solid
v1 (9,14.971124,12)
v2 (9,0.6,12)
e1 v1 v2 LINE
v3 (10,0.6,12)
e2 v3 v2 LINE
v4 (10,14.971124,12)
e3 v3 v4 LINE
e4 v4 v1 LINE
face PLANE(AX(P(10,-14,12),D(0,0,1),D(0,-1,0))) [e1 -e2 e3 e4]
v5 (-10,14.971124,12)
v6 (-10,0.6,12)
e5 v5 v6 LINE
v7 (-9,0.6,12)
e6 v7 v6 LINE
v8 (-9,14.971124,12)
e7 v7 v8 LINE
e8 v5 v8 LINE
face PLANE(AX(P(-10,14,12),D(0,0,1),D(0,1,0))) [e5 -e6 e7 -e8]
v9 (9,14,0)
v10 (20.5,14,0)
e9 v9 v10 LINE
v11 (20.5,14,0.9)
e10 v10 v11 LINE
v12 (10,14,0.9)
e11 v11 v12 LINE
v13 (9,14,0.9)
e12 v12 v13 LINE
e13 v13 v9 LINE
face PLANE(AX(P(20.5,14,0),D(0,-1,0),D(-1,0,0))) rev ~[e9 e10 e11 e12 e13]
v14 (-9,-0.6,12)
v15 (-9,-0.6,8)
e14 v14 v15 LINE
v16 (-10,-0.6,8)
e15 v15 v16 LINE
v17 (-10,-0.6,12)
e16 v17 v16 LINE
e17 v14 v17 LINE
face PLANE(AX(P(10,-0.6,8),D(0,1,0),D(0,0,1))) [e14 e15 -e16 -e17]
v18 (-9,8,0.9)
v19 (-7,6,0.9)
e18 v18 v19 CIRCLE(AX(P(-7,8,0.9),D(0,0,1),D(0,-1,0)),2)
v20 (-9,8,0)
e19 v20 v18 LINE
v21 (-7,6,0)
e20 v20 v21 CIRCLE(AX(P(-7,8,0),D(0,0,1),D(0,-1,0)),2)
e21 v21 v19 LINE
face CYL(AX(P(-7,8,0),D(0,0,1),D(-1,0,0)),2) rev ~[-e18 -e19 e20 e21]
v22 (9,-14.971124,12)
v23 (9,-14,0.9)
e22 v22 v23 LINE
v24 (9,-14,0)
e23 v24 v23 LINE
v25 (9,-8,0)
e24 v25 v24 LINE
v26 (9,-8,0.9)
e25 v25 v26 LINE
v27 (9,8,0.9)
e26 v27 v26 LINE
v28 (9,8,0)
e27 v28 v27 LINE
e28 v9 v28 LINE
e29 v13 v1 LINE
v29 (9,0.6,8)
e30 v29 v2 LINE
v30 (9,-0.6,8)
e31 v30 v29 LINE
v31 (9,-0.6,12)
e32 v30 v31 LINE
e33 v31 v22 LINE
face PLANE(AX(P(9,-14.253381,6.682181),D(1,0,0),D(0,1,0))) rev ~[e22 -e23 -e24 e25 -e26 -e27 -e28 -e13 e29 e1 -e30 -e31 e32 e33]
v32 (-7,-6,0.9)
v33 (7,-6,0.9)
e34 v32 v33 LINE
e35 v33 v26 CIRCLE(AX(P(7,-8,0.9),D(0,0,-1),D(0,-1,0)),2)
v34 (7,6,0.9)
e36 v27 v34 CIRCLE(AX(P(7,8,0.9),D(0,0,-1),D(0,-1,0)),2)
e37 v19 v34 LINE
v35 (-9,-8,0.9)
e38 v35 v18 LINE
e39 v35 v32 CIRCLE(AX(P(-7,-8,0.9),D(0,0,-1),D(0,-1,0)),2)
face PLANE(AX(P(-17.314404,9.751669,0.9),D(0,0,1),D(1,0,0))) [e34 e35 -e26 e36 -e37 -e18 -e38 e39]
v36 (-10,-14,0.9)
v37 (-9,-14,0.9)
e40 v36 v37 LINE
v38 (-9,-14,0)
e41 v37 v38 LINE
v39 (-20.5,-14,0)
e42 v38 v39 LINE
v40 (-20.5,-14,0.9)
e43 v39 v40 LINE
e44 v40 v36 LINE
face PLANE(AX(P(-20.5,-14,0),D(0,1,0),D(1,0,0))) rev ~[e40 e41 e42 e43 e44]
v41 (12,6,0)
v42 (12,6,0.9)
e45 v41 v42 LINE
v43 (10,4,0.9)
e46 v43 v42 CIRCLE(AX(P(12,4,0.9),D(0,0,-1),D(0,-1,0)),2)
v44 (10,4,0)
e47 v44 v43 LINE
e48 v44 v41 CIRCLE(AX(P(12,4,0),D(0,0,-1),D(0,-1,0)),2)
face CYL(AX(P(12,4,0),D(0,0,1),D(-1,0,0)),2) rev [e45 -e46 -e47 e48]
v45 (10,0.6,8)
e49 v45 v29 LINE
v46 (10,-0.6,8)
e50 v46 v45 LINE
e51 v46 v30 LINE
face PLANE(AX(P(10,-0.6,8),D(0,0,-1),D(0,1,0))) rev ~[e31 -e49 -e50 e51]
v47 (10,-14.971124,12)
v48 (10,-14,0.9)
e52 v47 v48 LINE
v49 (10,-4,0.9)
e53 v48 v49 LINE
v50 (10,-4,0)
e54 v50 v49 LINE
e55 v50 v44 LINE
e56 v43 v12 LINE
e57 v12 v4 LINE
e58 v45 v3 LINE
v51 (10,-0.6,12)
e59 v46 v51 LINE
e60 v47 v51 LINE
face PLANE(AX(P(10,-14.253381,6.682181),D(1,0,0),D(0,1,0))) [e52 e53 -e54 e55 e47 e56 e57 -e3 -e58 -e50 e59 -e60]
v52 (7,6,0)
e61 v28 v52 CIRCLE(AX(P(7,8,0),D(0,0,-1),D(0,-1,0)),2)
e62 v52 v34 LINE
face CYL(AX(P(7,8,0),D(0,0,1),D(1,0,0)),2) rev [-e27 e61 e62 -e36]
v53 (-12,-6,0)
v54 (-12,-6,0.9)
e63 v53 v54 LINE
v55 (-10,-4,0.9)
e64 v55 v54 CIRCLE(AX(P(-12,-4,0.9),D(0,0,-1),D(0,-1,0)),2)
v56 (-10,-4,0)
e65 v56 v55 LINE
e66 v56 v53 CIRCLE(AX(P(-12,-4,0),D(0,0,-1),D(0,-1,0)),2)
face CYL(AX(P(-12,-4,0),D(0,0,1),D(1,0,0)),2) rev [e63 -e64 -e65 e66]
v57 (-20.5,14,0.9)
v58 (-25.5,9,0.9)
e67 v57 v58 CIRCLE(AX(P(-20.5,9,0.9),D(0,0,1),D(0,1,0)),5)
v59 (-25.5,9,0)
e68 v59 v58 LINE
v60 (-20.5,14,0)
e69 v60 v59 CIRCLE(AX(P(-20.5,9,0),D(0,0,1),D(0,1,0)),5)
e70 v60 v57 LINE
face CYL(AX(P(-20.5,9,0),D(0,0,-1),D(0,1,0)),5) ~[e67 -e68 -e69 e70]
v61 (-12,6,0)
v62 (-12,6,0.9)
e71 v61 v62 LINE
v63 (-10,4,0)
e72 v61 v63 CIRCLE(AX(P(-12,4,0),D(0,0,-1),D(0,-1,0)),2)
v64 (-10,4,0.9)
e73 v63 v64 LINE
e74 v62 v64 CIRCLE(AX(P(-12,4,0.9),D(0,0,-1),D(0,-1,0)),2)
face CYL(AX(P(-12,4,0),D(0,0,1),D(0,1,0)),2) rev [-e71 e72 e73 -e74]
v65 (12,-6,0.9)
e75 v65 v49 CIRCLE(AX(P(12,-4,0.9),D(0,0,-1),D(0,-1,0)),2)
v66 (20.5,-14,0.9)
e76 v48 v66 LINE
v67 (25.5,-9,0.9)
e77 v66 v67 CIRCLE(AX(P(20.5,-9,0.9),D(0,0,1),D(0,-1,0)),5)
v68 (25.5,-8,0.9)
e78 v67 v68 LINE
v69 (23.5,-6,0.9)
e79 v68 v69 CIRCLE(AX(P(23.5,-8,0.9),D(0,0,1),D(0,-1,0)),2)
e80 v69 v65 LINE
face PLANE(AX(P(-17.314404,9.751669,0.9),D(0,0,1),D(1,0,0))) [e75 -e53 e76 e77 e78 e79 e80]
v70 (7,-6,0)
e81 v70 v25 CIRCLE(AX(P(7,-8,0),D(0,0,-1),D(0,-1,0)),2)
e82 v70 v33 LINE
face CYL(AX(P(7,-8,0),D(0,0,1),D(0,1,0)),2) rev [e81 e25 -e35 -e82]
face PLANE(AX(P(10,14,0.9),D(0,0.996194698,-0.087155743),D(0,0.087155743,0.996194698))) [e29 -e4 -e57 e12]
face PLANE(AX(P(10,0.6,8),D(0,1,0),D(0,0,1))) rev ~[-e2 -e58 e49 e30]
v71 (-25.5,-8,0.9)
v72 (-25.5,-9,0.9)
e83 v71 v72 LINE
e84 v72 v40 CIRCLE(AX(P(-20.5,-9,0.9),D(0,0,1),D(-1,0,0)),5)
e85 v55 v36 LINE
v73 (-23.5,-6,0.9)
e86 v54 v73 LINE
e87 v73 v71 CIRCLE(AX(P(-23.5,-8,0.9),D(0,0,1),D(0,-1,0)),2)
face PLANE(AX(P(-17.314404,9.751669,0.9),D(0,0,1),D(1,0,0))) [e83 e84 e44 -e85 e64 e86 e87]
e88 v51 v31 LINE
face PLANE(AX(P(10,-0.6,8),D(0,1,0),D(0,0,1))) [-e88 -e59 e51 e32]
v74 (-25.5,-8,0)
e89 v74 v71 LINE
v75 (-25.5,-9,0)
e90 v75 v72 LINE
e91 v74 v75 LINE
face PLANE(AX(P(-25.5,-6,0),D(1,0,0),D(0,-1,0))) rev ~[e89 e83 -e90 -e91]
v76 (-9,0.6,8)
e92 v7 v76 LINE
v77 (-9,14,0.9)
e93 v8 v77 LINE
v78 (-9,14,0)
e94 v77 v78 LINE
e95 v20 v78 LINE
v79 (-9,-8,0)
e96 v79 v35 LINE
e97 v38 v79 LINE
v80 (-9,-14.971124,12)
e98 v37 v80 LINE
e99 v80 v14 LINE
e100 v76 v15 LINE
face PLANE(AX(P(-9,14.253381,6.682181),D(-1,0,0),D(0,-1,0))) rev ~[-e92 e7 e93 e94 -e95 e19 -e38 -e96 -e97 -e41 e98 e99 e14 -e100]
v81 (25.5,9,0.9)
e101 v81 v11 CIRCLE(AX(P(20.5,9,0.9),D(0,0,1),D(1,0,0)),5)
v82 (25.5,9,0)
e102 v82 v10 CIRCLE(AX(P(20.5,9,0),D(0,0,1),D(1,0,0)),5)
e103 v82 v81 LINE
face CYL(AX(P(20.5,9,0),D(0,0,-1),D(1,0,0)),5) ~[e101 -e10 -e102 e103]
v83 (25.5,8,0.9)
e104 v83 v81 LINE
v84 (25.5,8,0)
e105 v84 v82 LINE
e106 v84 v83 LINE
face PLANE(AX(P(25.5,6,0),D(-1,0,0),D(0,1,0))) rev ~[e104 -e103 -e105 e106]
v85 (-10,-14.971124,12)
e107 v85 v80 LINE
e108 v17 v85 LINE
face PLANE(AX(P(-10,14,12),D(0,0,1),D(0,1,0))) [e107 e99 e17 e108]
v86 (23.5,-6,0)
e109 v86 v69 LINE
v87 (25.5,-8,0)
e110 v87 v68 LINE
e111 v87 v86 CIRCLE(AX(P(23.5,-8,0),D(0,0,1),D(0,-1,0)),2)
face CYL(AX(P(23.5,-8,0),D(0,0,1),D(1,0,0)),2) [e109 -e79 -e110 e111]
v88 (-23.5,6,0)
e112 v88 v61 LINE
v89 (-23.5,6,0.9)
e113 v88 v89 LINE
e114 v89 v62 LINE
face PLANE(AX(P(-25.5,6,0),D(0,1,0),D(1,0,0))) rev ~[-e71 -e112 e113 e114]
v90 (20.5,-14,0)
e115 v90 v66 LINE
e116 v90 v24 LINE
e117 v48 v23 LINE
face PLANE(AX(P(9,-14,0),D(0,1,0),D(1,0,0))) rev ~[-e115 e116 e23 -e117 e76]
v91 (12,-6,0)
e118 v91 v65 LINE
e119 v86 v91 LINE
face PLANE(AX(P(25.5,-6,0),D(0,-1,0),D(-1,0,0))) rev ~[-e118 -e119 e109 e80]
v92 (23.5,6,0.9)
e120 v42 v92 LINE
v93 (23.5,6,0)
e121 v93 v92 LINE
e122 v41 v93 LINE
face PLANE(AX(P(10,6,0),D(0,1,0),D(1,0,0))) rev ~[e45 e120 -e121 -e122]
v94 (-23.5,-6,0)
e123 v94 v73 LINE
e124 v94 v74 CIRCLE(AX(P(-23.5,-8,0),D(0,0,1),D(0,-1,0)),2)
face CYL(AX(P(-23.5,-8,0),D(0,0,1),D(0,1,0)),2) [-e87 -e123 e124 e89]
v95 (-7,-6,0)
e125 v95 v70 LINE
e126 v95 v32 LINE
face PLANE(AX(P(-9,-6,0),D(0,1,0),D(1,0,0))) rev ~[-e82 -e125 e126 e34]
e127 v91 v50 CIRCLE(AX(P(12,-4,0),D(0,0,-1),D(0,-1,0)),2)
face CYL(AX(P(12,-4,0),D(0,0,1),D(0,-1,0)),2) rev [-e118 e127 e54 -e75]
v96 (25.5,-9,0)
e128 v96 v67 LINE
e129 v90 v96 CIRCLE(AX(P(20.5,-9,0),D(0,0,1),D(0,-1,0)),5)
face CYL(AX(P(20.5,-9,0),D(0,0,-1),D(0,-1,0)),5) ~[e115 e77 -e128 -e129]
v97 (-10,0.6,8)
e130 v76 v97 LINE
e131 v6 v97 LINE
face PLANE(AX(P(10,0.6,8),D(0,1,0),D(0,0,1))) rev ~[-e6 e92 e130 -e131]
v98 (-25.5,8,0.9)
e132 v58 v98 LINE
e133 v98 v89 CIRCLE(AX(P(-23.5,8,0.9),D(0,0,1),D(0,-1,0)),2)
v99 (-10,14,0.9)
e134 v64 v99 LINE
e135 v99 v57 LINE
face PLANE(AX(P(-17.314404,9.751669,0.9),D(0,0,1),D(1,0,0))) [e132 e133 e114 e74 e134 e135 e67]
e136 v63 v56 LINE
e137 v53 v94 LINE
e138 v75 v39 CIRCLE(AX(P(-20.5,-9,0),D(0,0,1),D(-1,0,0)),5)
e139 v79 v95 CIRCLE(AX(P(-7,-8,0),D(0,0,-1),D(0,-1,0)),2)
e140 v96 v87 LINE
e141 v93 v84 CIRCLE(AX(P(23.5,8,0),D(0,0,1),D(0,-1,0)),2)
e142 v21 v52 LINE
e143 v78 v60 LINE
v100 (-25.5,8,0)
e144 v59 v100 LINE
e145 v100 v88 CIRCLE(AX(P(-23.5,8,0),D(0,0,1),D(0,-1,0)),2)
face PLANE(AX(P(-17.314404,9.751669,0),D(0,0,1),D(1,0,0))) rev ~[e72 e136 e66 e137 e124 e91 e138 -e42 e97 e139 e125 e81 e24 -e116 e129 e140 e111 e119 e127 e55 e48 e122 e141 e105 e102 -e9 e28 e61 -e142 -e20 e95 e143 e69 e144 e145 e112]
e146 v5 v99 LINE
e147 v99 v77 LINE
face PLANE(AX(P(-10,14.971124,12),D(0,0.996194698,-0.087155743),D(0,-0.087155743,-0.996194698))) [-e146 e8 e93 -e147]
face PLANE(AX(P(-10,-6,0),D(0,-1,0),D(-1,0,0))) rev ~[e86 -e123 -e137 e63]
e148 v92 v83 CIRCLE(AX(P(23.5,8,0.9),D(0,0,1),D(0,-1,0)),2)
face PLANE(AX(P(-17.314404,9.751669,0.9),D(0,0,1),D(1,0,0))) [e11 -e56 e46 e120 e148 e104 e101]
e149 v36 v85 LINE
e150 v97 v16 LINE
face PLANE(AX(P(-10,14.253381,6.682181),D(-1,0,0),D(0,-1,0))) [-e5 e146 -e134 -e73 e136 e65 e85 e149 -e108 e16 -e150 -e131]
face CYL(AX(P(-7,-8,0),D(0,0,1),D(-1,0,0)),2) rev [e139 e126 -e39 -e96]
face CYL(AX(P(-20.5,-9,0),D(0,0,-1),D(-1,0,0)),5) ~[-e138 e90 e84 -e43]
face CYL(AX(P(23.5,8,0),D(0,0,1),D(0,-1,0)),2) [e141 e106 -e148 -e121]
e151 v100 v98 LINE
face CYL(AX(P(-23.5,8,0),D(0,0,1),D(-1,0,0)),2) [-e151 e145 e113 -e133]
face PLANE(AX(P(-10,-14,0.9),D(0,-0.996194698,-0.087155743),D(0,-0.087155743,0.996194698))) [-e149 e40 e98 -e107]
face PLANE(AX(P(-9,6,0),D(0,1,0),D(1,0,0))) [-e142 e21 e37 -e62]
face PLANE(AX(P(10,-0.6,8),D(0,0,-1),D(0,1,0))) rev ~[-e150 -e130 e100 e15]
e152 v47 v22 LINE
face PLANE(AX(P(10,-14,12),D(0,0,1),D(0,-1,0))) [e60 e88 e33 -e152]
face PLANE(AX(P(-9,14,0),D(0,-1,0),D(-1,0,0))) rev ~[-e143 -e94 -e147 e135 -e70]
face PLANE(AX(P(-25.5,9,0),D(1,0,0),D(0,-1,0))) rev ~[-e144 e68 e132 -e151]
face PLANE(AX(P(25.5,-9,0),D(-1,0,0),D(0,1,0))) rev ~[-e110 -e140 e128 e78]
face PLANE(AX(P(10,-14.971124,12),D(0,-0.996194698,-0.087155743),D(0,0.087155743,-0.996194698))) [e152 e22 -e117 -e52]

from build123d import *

# Parameters (mm, degrees)
F0_W     = 1
F0_H     = 8
F0_H_2   = 12
F0_W_2   = 18
F1_DEPTH = 0.9
F2_DEPTH = 12
F3_R     = 2
F5_DEPTH = 1
F7_DEPTH = 1
F8_W     = 1.2
F8_H     = 4
F9_DEPTH = 25


with BuildPart() as f1:
    # F0 (on Top) → F1 (new body)
    with BuildSketch(Plane.XY):
        with BuildLine():
            Line((-10, 14), (-20.5, 14))
            ThreePointArc((-20.5, 14), (-24.0355339059, 12.5355339059), (-25.5, 9))
            Line((-25.5, 9), (-25.5, 6))
            Line((-25.5, 6), (-10, 6))
            Line((-10, 6), (-10, 14))
        make_face()
        with Locations((-9.5, 10)):
            Rectangle(F0_W, F0_H)
        with Locations((-9.5, 0)):
            Rectangle(F0_W, F0_H_2)
        with Locations((-9.5, -10)):
            Rectangle(F0_W, F0_H)
        with BuildLine():
            Line((-10, -14), (-10, -6))
            Line((-10, -6), (-25.5, -6))
            Line((-25.5, -6), (-25.5, -9))
            ThreePointArc((-25.5, -9), (-24.0355339059, -12.5355339059), (-20.5, -14))
            Line((-20.5, -14), (-10, -14))
        make_face()
        with BuildLine():
            Line((25.5, -6), (10, -6))
            Line((10, -6), (10, -14))
            Line((10, -14), (20.5, -14))
            ThreePointArc((20.5, -14), (24.0355339059, -12.5355339059), (25.5, -9))
            Line((25.5, -9), (25.5, -6))
        make_face()
        with BuildLine():
            Line((20.5, 14), (10, 14))
            Line((10, 14), (10, 6))
            Line((10, 6), (25.5, 6))
            Line((25.5, 6), (25.5, 9))
            ThreePointArc((25.5, 9), (24.0355339059, 12.5355339059), (20.5, 14))
        make_face()
        with Locations((9.5, 10)):
            Rectangle(F0_W, F0_H)
        with Locations((9.5, 0)):
            Rectangle(F0_W, F0_H_2)
        with Locations((9.5, -10)):
            Rectangle(F0_W, F0_H)
        Rectangle(F0_W_2, F0_H_2)
    extrude(amount=F1_DEPTH)

    # F0 (on Top) → F2 (join)
    with BuildSketch(Plane.XY):
        with Locations((-9.5, -10)):
            Rectangle(F0_W, F0_H)
        with Locations((-9.5, 0)):
            Rectangle(F0_W, F0_H_2)
        with Locations((-9.5, 10)):
            Rectangle(F0_W, F0_H)
        with Locations((9.5, 10)):
            Rectangle(F0_W, F0_H)
        with Locations((9.5, 0)):
            Rectangle(F0_W, F0_H_2)
        with Locations((9.5, -10)):
            Rectangle(F0_W, F0_H)
    extrude(amount=F2_DEPTH)

    # F3
    f3_edges = [f1.edges().sort_by_distance(p)[0] for p in [
        (-25.5, 6, 0.45),
        (-10, 6, 0.45),
        (-10, -6, 0.45),
        (-25.5, -6, 0.45),
        (-9, 6, 0.45),
        (9, 6, 0.45),
        (25.5, 6, 0.45),
        (25.5, -6, 0.45),
        (10, 6, 0.45),
        (10, -6, 0.45),
        (9, -6, 0.45),
        (-9, -6, 0.45),
    ]]
    fillet(f3_edges, radius=F3_R)

    # F4 (on face) → F5 (join)
    with BuildSketch(Plane.YZ.offset(10)):
        Polygon((-14.9711241651, 12), (-14, 0.9), (-14, 12), align=None)
        Polygon((14.9711241651, 12), (14, 12), (14, 0.9), align=None)
    extrude(amount=-F5_DEPTH)

    # F6 (on face) → F7 (join)
    with BuildSketch(Plane(origin=(-10, 0, 0), x_dir=(0, -1, 0), z_dir=(-1, 0, 0))):
        Polygon((-14, 0.9), (-14, 12), (-14.9711241651, 12), align=None)
        Polygon((14.9711241651, 12), (14, 12), (14, 0.9), align=None)
    extrude(amount=-F7_DEPTH)

    # F8 (on face) → F9 (cut)
    with BuildSketch(Plane.YZ.offset(10)):
        with Locations((0, 10)):
            Rectangle(F8_W, F8_H)
    extrude(amount=-F9_DEPTH, mode=Mode.SUBTRACT)


solid = f1.part
